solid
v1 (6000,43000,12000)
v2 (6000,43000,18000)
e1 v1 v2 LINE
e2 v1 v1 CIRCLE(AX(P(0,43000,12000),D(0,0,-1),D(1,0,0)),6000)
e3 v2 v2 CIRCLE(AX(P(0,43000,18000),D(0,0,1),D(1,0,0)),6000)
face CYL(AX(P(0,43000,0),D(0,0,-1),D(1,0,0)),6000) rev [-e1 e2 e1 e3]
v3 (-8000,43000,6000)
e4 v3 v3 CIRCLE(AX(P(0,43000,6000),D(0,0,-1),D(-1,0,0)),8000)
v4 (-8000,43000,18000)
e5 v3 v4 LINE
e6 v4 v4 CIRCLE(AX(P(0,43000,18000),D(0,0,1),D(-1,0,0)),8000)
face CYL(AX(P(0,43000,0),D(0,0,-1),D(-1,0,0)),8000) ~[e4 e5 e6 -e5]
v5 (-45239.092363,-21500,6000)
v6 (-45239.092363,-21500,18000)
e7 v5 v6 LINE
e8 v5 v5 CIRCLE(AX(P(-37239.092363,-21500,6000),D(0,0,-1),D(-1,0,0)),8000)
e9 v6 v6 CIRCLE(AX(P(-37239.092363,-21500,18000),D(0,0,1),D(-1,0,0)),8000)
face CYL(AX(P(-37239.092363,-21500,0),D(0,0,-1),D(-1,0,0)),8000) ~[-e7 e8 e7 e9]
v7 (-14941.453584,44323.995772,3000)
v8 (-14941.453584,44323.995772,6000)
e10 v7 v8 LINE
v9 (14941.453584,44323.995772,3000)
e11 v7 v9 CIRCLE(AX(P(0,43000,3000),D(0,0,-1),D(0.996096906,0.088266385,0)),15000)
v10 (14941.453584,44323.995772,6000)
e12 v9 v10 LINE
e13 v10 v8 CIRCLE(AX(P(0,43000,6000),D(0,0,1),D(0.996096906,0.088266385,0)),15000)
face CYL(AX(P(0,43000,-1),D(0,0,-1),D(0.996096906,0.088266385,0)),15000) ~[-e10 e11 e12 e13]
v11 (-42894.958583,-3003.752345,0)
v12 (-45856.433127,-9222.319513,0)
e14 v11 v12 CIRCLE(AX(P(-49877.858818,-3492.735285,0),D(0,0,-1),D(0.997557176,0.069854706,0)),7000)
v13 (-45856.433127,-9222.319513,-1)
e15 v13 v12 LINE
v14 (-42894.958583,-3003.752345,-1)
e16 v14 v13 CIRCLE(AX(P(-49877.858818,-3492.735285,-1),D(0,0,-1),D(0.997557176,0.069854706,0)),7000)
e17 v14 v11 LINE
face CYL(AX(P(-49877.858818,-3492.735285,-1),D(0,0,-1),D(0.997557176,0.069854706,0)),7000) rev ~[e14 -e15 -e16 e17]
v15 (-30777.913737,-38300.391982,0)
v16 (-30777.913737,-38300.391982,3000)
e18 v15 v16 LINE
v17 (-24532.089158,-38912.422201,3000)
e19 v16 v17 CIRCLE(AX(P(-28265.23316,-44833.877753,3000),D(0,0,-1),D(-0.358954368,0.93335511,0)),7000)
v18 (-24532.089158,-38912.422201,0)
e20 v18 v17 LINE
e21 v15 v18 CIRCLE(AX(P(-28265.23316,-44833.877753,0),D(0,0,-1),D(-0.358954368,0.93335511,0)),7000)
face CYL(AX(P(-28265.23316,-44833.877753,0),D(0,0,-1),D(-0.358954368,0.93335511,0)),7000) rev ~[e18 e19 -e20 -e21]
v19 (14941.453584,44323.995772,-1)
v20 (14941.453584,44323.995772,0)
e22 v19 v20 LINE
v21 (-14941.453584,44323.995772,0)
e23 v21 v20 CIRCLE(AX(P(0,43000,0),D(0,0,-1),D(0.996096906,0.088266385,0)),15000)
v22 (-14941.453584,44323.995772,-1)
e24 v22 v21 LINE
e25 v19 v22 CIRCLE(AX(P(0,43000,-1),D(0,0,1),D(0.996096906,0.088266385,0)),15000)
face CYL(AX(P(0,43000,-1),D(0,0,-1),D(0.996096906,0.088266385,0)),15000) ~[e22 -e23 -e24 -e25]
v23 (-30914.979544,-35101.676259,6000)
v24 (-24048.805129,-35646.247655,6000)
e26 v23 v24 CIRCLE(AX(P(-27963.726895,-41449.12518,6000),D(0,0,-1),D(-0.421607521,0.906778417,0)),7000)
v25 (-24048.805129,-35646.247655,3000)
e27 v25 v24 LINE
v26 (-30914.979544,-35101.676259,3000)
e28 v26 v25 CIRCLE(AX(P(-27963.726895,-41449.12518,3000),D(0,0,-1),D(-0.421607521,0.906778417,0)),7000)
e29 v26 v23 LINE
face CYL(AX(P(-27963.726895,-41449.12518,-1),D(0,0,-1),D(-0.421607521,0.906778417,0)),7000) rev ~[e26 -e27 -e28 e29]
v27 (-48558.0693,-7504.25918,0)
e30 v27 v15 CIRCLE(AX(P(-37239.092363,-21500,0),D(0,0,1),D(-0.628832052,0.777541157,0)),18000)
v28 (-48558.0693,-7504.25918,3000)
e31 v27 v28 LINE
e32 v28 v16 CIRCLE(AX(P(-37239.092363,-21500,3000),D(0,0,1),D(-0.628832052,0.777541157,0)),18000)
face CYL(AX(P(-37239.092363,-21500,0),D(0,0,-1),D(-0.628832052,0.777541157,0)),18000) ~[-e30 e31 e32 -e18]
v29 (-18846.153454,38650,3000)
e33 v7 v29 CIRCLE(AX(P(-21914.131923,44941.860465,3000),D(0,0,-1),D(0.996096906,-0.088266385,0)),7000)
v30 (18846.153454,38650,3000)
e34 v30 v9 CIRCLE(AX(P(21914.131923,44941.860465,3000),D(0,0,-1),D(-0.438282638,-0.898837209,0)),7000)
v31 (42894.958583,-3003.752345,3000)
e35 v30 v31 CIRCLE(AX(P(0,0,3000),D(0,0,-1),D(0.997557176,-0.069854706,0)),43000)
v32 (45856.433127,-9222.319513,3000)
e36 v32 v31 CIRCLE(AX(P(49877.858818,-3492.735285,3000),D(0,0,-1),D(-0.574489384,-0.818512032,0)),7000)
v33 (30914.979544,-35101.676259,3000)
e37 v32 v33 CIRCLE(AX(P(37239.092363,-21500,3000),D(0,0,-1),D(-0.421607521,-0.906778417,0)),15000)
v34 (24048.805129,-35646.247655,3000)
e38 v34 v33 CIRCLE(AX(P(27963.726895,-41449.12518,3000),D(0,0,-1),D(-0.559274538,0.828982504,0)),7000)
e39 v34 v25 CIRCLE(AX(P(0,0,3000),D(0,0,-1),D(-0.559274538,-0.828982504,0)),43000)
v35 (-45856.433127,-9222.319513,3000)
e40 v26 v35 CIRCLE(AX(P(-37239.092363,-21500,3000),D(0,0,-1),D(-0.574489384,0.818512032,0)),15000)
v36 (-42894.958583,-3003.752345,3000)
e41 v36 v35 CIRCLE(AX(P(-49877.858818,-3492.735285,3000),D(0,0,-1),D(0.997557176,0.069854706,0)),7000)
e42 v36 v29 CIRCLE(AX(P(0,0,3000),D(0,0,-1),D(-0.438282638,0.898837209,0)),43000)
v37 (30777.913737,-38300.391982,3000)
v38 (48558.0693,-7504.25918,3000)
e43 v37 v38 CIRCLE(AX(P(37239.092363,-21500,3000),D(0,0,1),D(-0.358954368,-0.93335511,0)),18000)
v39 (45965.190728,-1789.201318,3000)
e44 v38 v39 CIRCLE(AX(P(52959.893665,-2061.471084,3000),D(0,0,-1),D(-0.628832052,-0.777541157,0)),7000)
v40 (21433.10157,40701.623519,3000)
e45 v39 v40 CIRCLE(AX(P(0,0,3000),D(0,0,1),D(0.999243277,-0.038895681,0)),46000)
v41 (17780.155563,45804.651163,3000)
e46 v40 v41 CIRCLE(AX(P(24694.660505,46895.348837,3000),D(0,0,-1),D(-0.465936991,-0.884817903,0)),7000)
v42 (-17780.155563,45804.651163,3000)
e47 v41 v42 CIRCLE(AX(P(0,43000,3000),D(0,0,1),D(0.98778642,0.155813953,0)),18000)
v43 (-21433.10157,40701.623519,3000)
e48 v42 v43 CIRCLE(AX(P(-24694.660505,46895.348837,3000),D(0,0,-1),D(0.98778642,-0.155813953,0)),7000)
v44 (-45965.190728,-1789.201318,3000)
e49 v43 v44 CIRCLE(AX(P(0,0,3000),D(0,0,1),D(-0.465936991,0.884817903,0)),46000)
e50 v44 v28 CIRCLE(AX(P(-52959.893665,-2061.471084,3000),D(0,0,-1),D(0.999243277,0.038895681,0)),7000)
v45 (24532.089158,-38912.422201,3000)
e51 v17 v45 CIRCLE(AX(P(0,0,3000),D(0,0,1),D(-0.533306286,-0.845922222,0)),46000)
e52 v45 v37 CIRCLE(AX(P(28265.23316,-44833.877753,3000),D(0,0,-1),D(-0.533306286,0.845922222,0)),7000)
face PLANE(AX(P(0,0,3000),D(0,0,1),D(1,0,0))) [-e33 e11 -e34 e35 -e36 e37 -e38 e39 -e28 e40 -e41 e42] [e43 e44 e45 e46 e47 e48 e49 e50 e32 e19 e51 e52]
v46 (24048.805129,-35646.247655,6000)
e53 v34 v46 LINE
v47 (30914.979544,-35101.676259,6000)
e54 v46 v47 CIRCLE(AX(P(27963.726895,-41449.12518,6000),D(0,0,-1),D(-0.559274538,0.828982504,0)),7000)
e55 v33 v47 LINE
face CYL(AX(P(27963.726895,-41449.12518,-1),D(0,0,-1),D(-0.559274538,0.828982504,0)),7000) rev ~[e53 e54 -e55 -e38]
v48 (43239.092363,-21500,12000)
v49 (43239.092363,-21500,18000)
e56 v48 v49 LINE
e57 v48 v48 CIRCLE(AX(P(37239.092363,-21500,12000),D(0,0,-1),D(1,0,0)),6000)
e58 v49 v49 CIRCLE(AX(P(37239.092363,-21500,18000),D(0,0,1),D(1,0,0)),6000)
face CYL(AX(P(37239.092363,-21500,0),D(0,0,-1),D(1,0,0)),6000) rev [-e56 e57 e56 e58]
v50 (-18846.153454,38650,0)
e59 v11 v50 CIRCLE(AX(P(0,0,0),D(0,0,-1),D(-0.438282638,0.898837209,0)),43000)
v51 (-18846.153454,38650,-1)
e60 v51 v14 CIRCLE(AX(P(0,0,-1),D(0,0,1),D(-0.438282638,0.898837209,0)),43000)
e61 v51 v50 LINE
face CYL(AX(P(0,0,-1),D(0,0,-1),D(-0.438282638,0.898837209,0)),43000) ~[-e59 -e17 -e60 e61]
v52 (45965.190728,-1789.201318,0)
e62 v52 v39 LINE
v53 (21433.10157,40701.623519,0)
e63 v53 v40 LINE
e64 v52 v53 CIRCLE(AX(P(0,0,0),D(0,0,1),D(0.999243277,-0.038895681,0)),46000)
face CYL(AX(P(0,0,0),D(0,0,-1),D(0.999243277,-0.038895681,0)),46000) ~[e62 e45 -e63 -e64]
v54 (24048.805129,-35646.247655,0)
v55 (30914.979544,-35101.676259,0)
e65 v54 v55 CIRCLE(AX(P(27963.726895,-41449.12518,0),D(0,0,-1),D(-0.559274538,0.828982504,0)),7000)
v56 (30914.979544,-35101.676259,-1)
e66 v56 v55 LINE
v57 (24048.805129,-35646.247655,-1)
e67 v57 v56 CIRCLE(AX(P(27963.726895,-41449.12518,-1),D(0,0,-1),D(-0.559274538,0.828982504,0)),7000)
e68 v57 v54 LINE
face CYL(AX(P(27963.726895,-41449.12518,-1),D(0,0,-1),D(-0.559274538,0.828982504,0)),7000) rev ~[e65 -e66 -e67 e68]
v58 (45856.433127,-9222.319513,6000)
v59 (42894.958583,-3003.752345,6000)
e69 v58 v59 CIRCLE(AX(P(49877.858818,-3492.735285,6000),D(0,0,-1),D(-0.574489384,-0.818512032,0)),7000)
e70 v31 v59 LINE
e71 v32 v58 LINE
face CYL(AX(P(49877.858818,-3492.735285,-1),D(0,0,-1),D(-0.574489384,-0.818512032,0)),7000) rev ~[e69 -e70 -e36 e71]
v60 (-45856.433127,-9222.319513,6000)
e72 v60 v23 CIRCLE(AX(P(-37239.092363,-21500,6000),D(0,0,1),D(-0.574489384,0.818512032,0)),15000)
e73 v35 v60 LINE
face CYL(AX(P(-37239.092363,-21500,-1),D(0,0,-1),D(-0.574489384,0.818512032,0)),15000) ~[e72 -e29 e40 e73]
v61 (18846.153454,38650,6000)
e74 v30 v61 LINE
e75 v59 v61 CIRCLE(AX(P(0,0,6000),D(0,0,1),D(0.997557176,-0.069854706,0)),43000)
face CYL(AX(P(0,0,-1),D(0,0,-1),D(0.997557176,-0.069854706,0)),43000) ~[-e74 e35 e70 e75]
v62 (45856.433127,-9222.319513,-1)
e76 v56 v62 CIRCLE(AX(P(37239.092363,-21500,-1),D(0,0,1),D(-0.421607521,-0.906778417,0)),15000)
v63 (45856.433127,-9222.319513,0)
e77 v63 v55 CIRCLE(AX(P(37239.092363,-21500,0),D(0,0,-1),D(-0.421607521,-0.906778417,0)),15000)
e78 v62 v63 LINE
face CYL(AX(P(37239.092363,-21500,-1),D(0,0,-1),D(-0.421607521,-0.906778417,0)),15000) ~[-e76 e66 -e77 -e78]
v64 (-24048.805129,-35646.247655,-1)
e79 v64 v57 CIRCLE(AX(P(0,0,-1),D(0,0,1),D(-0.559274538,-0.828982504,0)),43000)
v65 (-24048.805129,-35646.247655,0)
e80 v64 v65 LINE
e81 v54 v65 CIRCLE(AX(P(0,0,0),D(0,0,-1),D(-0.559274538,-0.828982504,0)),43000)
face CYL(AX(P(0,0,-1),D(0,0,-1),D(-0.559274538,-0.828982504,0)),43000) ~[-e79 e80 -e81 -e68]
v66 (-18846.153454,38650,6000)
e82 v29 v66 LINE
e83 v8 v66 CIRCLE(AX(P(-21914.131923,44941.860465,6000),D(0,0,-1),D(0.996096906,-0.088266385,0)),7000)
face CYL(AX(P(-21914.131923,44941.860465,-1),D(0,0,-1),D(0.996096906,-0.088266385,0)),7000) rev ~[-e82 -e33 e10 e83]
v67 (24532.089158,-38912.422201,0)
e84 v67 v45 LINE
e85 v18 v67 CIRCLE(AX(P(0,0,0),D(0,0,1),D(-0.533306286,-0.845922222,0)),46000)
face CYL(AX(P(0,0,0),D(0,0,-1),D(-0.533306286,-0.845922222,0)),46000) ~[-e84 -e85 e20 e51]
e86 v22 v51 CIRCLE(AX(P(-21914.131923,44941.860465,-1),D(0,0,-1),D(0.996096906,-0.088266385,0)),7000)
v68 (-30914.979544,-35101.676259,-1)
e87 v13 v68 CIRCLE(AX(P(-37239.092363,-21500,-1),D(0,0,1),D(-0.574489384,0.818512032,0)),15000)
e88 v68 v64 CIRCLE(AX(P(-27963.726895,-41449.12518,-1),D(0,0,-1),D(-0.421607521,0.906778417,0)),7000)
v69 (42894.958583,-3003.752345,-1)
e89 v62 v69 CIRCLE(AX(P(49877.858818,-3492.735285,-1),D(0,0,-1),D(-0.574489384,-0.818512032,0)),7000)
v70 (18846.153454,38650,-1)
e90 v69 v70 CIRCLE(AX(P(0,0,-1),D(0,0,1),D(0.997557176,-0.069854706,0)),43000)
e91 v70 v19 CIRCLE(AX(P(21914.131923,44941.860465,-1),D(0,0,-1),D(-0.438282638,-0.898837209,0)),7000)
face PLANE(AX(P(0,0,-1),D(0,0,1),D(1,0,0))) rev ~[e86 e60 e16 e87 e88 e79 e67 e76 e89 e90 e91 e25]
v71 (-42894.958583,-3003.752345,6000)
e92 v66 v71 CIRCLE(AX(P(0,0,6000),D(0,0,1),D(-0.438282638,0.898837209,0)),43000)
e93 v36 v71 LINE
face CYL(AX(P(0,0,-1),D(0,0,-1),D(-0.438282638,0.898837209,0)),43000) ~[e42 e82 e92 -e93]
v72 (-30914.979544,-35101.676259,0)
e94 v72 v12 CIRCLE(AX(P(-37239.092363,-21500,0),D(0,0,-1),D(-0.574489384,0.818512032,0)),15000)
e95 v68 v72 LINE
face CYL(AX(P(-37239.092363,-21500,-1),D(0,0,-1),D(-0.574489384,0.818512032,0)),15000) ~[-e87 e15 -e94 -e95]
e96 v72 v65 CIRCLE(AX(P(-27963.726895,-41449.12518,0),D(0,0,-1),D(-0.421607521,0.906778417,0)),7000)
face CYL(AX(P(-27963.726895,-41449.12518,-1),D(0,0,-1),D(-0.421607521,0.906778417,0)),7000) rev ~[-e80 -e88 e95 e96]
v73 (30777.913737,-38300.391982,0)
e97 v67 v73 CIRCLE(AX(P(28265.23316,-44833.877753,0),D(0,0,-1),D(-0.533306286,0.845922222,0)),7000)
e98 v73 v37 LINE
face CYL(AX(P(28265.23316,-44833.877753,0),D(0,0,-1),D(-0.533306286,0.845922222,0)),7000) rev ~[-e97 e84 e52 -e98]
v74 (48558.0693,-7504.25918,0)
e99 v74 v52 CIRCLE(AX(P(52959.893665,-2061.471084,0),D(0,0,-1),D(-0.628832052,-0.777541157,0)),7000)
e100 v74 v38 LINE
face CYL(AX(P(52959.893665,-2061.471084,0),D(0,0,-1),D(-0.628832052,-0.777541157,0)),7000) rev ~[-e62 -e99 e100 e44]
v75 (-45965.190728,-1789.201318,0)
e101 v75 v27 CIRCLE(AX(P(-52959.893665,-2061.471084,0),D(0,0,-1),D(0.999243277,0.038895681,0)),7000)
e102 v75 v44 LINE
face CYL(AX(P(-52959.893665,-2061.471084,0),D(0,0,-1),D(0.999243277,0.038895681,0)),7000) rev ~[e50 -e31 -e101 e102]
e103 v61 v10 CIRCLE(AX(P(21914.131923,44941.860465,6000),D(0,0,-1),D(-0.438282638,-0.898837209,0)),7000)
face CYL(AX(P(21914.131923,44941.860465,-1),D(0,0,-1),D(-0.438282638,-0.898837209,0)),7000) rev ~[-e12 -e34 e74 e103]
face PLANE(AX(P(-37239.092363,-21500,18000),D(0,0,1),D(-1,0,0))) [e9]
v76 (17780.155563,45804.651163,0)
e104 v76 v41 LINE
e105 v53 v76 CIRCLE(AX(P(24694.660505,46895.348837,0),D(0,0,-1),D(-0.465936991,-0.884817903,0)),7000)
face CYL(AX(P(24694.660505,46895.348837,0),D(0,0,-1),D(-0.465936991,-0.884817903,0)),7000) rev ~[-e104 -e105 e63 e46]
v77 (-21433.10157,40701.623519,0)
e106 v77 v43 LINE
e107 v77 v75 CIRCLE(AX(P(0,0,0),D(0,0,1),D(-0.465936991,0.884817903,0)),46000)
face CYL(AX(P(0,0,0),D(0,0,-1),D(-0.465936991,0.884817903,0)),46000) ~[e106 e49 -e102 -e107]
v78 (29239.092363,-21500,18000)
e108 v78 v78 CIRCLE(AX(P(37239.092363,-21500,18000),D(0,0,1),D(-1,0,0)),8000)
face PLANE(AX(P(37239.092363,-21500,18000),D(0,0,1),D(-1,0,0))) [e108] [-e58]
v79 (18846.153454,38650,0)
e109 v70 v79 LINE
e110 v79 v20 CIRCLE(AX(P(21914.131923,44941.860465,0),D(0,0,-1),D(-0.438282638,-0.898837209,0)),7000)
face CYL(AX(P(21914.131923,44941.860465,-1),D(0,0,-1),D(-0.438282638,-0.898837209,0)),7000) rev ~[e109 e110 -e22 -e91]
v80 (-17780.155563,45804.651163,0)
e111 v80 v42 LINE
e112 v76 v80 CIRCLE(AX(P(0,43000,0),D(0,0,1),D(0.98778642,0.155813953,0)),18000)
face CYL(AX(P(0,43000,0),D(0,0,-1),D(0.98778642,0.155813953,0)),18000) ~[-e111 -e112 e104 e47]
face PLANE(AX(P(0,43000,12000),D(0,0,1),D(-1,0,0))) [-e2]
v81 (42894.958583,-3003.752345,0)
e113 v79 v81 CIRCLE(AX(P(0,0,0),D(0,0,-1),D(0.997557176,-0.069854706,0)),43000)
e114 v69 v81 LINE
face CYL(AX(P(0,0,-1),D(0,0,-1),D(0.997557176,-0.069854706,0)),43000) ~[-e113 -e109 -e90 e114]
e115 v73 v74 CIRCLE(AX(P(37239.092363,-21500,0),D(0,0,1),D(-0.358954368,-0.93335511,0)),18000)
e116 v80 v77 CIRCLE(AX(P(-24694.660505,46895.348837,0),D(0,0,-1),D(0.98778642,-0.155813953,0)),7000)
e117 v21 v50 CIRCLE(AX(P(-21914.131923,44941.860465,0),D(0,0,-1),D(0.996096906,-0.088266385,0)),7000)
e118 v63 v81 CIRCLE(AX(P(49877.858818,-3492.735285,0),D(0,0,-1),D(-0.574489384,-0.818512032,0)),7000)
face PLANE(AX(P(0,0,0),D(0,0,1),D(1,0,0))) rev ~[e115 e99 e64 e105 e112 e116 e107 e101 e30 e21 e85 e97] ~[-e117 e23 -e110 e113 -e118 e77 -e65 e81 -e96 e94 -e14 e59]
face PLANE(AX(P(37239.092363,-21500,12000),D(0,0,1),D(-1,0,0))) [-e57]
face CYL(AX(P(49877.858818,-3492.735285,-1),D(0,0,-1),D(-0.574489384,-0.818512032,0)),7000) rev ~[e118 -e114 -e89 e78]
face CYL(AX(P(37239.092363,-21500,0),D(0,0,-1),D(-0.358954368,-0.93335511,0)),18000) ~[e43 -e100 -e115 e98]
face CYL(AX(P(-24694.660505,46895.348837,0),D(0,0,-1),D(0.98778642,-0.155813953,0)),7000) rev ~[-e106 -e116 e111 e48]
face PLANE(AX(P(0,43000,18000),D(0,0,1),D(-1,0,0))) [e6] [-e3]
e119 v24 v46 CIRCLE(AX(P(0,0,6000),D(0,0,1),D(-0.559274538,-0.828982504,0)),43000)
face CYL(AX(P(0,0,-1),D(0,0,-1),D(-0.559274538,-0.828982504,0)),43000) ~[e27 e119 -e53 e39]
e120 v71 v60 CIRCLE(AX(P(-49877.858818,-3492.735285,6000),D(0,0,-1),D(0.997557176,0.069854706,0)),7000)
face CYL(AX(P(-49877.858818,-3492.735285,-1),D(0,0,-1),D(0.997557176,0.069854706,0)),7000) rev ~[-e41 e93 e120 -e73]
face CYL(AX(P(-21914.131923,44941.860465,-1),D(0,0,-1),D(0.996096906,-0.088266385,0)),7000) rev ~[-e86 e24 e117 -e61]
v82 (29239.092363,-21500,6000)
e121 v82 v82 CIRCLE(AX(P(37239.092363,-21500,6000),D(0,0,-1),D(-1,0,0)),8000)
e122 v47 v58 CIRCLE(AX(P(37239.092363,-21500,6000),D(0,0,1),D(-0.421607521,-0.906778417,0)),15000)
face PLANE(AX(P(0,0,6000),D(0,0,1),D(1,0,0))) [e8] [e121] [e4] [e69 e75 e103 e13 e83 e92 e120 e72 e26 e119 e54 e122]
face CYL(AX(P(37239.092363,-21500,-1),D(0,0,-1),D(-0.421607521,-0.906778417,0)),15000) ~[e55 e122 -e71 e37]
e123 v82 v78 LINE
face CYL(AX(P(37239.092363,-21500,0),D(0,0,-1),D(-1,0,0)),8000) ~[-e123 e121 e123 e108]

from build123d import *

# Parameters (mm, degrees)
BOSS_EXTRUDE5_DEPTH      = 6000
BOSS_EXTRUDE5_DEPTH_BACK = 1
BOSS_EXTRUDE6_DEPTH      = 3000
SKETCH1_10_R             = 6000
BOSS_EXTRUDE8_DEPTH      = 12000
SKETCH1_12_R             = 8000
SKETCH1_12_R_2           = 6000
BOSS_EXTRUDE9_DEPTH      = 18000


with BuildPart() as part:
    # Sketch1 → Boss-Extrude5 (new, two sides: drawn at the far end of the back side and taken through both)
    with BuildSketch(Plane.XY.offset(-BOSS_EXTRUDE5_DEPTH_BACK)):
        with BuildLine():
            ThreePointArc((-18846.153453689, 38650), (-37239.092362731, 21500), (-42894.958583113, -3003.752345485))
            ThreePointArc((-42894.958583113, -3003.752345485), (-43557.93463547, -6502.479183601), (-45856.433127396, -9222.319512806))
            ThreePointArc((-45856.433127396, -9222.319512806), (-50229.473419497, -29000), (-30914.979543605, -35101.676258865))
            ThreePointArc((-30914.979543605, -35101.676258865), (-27410.279478313, -34471.038338899), (-24048.805129424, -35646.247654515))
            ThreePointArc((-24048.805129424, -35646.247654515), (0, -43000), (24048.805129424, -35646.247654515))
            ThreePointArc((24048.805129424, -35646.247654515), (27410.279478313, -34471.038338899), (30914.979543605, -35101.676258865))
            ThreePointArc((30914.979543605, -35101.676258865), (50229.473419497, -29000), (45856.433127396, -9222.319512806))
            ThreePointArc((45856.433127396, -9222.319512806), (43557.93463547, -6502.479183601), (42894.958583113, -3003.752345485))
            ThreePointArc((42894.958583113, -3003.752345485), (37239.092362731, 21500), (18846.153453689, 38650))
            ThreePointArc((18846.153453689, 38650), (16147.655157157, 40973.5175225), (14941.453583792, 44323.99577167))
            ThreePointArc((14941.453583792, 44323.99577167), (0, 58000), (-14941.453583792, 44323.99577167))
            ThreePointArc((-14941.453583792, 44323.99577167), (-16147.655157157, 40973.5175225), (-18846.153453689, 38650))
        make_face()
    extrude(amount=BOSS_EXTRUDE5_DEPTH + BOSS_EXTRUDE5_DEPTH_BACK)

    # Sketch1<7> → Boss-Extrude6 (add)
    with BuildSketch(Plane.XY):
        with BuildLine():
            ThreePointArc((30777.913736812, -38300.39198245), (52827.549630851, -30500), (48558.06930011, -7504.259180341))
            ThreePointArc((48558.06930011, -7504.259180341), (46585.28150192, -4953.584458975), (45965.190727806, -1789.201318021))
            ThreePointArc((45965.190727806, -1789.201318021), (39837.168574084, 23000), (21433.101570013, 40701.623519087))
            ThreePointArc((21433.101570013, 40701.623519087), (19002.710769696, 42820.8294526), (17780.155563297, 45804.651162791))
            ThreePointArc((17780.155563297, 45804.651162791), (0, 61000), (-17780.155563297, 45804.651162791))
            ThreePointArc((-17780.155563297, 45804.651162791), (-19002.710769696, 42820.8294526), (-21433.101570013, 40701.623519087))
            ThreePointArc((-21433.101570013, 40701.623519087), (-39837.168574084, 23000), (-45965.190727806, -1789.201318021))
            ThreePointArc((-45965.190727806, -1789.201318021), (-46585.28150192, -4953.584458975), (-48558.06930011, -7504.259180341))
            ThreePointArc((-48558.06930011, -7504.259180341), (-52827.549630851, -30500), (-30777.913736812, -38300.39198245))
            ThreePointArc((-30777.913736812, -38300.39198245), (-27582.570732224, -37867.244993625), (-24532.089157793, -38912.422201067))
            ThreePointArc((-24532.089157793, -38912.422201067), (0, -46000), (24532.089157793, -38912.422201067))
            ThreePointArc((24532.089157793, -38912.422201067), (27582.570732224, -37867.244993625), (30777.913736812, -38300.39198245))
        make_face()
    extrude(amount=BOSS_EXTRUDE6_DEPTH)

    # Sketch1<10> → Boss-Extrude8 (add)
    with BuildSketch(Plane.XY):
        with Locations((0, 43000)):
            Circle(SKETCH1_10_R)
        with Locations((37239.092362731, -21500)):
            Circle(SKETCH1_10_R)
        with Locations((-37239.092362731, -21500)):
            Circle(SKETCH1_10_R)
    extrude(amount=BOSS_EXTRUDE8_DEPTH)

    # Sketch1<12> → Boss-Extrude9 (add)
    # profile 1 of 3: a face of its own
    with BuildSketch(Plane.XY):
        with Locations((-37239.092362731, -21500)):
            Circle(SKETCH1_12_R)
    # profile 2 of 3: a face of its own
    with BuildSketch(Plane.XY):
        with Locations((0, 43000)):
            Circle(SKETCH1_12_R)
        with Locations((0, 43000)):
            Circle(SKETCH1_12_R_2, mode=Mode.SUBTRACT)
    # profile 3 of 3: a face of its own
    with BuildSketch(Plane.XY):
        with Locations((37239.092362731, -21500)):
            Circle(SKETCH1_12_R)
        with Locations((37239.092362731, -21500)):
            Circle(SKETCH1_12_R_2, mode=Mode.SUBTRACT)
    extrude(amount=BOSS_EXTRUDE9_DEPTH)


solid = part.part
